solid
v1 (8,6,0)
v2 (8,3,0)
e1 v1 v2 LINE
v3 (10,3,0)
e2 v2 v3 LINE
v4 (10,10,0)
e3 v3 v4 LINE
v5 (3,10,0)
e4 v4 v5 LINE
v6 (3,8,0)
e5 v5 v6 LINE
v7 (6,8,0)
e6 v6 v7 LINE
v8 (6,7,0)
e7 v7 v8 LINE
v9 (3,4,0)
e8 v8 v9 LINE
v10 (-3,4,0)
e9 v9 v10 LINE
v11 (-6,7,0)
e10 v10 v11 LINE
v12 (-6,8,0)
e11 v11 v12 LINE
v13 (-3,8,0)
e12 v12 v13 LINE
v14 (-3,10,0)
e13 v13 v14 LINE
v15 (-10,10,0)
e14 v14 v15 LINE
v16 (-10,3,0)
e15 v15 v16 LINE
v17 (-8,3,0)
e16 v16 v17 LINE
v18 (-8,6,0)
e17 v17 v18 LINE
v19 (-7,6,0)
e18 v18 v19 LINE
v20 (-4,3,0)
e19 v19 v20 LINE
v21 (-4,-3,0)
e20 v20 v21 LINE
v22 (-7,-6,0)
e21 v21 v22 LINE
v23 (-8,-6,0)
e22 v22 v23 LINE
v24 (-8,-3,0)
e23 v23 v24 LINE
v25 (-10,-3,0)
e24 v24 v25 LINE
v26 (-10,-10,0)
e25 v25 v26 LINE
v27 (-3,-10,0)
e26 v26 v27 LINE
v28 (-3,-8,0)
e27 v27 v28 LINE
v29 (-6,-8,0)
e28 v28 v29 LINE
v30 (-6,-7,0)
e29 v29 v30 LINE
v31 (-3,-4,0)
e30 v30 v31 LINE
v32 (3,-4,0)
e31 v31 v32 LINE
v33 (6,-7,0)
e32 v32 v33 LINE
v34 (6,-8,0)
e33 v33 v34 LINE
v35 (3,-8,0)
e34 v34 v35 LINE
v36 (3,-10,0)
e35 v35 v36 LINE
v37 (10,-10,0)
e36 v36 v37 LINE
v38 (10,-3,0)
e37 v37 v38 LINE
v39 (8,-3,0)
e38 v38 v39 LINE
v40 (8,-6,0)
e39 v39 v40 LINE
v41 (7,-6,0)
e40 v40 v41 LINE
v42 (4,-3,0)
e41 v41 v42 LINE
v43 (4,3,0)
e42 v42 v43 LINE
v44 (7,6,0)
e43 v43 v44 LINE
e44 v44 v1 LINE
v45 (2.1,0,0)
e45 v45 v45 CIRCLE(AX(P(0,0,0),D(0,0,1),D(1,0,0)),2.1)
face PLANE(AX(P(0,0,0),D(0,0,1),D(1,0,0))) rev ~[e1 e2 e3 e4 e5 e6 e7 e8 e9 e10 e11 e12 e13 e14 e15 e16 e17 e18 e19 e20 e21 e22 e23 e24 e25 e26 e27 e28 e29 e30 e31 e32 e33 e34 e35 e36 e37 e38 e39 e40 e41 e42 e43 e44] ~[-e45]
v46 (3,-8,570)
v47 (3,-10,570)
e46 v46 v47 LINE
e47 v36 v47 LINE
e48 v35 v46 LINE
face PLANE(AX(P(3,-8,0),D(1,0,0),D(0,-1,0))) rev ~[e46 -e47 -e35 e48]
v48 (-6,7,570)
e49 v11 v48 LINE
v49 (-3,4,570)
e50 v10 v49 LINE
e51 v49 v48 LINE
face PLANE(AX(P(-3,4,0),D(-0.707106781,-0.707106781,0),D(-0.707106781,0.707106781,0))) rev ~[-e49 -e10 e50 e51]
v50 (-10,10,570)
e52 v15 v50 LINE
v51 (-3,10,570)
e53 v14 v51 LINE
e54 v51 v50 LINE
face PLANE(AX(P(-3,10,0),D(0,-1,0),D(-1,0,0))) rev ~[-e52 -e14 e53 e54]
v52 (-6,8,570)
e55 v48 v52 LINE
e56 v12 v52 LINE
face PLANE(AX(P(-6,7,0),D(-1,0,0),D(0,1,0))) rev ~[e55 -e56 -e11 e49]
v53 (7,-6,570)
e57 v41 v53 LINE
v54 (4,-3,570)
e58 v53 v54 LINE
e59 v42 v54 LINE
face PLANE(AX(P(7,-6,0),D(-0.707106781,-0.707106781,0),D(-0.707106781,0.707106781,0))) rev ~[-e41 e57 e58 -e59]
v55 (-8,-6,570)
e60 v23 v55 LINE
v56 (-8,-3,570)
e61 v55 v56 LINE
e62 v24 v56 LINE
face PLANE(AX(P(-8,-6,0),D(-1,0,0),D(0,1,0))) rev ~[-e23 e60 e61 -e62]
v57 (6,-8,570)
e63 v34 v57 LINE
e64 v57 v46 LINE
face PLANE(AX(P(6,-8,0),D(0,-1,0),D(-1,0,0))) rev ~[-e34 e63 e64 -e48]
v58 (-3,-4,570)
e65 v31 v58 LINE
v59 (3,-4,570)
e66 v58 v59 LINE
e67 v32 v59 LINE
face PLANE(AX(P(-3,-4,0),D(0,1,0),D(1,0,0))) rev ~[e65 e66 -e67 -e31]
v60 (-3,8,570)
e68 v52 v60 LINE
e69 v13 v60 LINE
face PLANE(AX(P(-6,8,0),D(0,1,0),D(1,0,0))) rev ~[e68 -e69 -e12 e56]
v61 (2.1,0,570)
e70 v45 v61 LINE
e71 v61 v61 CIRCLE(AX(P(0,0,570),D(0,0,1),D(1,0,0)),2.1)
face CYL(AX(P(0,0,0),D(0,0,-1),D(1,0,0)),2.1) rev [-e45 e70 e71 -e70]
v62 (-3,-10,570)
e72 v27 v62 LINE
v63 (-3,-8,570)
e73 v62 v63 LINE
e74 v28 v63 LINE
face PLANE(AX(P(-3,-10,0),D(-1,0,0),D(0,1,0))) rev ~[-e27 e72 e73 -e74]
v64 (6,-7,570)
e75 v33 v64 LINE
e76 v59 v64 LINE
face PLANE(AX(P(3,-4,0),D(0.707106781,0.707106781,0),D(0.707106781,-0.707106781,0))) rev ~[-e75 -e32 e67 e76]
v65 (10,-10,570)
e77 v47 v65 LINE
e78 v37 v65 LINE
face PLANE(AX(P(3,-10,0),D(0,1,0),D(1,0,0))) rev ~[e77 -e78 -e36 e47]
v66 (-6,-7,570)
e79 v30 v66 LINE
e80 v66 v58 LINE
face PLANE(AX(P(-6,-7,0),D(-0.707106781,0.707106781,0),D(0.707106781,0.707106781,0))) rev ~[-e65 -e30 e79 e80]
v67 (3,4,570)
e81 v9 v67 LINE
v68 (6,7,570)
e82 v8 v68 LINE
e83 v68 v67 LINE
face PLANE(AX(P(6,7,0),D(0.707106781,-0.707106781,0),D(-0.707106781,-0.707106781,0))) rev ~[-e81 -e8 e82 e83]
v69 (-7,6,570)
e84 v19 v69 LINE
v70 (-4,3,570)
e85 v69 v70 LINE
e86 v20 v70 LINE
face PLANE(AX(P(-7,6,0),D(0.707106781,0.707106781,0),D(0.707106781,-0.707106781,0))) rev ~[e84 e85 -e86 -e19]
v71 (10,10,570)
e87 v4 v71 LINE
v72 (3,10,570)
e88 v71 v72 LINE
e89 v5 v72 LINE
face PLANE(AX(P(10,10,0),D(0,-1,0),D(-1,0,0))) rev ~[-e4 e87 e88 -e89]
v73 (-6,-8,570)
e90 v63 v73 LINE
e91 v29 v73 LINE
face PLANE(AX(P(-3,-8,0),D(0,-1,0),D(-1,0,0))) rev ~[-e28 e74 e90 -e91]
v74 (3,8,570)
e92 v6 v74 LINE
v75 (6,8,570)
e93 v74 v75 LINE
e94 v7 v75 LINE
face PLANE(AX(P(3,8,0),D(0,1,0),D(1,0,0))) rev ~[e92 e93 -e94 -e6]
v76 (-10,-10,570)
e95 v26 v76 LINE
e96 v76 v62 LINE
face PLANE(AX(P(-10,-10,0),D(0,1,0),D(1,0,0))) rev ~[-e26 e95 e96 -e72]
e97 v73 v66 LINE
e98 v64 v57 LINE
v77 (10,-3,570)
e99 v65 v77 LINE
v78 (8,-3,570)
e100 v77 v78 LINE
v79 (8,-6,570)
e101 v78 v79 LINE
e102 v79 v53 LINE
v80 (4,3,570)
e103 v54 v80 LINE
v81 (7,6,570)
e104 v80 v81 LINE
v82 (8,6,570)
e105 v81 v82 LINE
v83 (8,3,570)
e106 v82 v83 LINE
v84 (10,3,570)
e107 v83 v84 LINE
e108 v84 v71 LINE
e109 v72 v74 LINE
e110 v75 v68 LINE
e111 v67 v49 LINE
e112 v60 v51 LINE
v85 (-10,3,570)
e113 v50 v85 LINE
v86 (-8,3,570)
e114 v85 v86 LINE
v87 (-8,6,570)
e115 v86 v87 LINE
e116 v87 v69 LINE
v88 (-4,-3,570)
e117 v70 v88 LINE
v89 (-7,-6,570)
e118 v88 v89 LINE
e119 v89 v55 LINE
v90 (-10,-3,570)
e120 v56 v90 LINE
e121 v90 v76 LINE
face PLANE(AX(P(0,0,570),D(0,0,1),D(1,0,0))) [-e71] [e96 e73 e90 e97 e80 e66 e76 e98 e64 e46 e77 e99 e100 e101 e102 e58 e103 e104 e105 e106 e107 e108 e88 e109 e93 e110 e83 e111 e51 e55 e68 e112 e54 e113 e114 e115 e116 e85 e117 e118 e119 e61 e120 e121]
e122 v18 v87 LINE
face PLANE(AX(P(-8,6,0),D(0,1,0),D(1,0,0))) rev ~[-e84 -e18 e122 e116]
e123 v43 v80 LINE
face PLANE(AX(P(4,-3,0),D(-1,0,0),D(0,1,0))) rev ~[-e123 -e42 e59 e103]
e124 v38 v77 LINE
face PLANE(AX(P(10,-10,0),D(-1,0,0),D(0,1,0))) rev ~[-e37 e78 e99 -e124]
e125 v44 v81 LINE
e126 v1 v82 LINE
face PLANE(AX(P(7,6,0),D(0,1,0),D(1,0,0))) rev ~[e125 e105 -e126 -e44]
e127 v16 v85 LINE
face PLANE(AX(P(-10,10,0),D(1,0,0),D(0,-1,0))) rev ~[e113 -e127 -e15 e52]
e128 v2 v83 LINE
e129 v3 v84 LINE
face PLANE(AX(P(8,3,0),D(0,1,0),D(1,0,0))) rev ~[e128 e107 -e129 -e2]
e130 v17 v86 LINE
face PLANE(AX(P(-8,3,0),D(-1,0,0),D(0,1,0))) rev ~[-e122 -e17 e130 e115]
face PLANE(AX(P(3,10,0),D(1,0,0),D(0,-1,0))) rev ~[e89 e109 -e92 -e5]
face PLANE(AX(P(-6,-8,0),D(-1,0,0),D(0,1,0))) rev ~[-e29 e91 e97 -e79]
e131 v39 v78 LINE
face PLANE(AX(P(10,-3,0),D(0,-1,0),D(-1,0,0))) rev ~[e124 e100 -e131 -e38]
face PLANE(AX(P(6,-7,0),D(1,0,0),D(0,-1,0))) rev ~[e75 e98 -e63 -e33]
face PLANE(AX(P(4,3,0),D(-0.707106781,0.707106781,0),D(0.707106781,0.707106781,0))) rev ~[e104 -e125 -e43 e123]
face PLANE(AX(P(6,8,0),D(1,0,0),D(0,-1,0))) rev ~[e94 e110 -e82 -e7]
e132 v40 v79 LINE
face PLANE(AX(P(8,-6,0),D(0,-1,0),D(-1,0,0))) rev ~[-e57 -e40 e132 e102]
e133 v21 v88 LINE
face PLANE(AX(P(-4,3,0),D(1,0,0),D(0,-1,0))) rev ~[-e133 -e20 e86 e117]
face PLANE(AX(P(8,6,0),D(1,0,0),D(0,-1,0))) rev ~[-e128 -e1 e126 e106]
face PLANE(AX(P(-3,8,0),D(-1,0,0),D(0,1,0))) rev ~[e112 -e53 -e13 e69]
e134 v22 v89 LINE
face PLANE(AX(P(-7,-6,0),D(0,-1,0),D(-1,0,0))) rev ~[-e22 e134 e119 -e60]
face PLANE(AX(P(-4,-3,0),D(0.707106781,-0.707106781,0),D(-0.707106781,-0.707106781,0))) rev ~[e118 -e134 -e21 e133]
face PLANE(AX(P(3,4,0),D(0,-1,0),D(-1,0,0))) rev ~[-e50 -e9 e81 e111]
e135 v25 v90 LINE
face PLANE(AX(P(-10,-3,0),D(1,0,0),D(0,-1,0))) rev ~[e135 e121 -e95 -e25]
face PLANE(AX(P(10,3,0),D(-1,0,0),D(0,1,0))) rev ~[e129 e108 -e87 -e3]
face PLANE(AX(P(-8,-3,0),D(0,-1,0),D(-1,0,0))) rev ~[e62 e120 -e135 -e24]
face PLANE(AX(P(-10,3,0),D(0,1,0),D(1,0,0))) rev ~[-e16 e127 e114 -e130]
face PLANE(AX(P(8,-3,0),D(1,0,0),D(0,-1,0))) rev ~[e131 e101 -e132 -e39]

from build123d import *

# Parameters (mm, degrees)
SKETCH_2_R      = 2.1
EXTRUDE_1_DEPTH = 570


with BuildPart() as part:
    # ｽｹｯﾁ2 → ﾎﾞｽ - 押し出し1 (new body)
    with BuildSketch(Plane.XY):
        Polygon((3, 4), (-3, 4), (-6, 7), (-6, 8), (-3, 8), (-3, 10), (-10, 10), (-10, 3), (-8, 3), (-8, 6), (-7, 6), (-4, 3), (-4, -3), (-7, -6), (-8, -6), (-8, -3), (-10, -3), (-10, -10), (-3, -10), (-3, -8), (-6, -8), (-6, -7), (-3, -4), (3, -4), (6, -7), (6, -8), (3, -8), (3, -10), (10, -10), (10, -3), (8, -3), (8, -6), (7, -6), (4, -3), (4, 3), (7, 6), (8, 6), (8, 3), (10, 3), (10, 10), (3, 10), (3, 8), (6, 8), (6, 7), align=None)
        Circle(SKETCH_2_R, mode=Mode.SUBTRACT)
    extrude(amount=EXTRUDE_1_DEPTH)


solid = part.part
